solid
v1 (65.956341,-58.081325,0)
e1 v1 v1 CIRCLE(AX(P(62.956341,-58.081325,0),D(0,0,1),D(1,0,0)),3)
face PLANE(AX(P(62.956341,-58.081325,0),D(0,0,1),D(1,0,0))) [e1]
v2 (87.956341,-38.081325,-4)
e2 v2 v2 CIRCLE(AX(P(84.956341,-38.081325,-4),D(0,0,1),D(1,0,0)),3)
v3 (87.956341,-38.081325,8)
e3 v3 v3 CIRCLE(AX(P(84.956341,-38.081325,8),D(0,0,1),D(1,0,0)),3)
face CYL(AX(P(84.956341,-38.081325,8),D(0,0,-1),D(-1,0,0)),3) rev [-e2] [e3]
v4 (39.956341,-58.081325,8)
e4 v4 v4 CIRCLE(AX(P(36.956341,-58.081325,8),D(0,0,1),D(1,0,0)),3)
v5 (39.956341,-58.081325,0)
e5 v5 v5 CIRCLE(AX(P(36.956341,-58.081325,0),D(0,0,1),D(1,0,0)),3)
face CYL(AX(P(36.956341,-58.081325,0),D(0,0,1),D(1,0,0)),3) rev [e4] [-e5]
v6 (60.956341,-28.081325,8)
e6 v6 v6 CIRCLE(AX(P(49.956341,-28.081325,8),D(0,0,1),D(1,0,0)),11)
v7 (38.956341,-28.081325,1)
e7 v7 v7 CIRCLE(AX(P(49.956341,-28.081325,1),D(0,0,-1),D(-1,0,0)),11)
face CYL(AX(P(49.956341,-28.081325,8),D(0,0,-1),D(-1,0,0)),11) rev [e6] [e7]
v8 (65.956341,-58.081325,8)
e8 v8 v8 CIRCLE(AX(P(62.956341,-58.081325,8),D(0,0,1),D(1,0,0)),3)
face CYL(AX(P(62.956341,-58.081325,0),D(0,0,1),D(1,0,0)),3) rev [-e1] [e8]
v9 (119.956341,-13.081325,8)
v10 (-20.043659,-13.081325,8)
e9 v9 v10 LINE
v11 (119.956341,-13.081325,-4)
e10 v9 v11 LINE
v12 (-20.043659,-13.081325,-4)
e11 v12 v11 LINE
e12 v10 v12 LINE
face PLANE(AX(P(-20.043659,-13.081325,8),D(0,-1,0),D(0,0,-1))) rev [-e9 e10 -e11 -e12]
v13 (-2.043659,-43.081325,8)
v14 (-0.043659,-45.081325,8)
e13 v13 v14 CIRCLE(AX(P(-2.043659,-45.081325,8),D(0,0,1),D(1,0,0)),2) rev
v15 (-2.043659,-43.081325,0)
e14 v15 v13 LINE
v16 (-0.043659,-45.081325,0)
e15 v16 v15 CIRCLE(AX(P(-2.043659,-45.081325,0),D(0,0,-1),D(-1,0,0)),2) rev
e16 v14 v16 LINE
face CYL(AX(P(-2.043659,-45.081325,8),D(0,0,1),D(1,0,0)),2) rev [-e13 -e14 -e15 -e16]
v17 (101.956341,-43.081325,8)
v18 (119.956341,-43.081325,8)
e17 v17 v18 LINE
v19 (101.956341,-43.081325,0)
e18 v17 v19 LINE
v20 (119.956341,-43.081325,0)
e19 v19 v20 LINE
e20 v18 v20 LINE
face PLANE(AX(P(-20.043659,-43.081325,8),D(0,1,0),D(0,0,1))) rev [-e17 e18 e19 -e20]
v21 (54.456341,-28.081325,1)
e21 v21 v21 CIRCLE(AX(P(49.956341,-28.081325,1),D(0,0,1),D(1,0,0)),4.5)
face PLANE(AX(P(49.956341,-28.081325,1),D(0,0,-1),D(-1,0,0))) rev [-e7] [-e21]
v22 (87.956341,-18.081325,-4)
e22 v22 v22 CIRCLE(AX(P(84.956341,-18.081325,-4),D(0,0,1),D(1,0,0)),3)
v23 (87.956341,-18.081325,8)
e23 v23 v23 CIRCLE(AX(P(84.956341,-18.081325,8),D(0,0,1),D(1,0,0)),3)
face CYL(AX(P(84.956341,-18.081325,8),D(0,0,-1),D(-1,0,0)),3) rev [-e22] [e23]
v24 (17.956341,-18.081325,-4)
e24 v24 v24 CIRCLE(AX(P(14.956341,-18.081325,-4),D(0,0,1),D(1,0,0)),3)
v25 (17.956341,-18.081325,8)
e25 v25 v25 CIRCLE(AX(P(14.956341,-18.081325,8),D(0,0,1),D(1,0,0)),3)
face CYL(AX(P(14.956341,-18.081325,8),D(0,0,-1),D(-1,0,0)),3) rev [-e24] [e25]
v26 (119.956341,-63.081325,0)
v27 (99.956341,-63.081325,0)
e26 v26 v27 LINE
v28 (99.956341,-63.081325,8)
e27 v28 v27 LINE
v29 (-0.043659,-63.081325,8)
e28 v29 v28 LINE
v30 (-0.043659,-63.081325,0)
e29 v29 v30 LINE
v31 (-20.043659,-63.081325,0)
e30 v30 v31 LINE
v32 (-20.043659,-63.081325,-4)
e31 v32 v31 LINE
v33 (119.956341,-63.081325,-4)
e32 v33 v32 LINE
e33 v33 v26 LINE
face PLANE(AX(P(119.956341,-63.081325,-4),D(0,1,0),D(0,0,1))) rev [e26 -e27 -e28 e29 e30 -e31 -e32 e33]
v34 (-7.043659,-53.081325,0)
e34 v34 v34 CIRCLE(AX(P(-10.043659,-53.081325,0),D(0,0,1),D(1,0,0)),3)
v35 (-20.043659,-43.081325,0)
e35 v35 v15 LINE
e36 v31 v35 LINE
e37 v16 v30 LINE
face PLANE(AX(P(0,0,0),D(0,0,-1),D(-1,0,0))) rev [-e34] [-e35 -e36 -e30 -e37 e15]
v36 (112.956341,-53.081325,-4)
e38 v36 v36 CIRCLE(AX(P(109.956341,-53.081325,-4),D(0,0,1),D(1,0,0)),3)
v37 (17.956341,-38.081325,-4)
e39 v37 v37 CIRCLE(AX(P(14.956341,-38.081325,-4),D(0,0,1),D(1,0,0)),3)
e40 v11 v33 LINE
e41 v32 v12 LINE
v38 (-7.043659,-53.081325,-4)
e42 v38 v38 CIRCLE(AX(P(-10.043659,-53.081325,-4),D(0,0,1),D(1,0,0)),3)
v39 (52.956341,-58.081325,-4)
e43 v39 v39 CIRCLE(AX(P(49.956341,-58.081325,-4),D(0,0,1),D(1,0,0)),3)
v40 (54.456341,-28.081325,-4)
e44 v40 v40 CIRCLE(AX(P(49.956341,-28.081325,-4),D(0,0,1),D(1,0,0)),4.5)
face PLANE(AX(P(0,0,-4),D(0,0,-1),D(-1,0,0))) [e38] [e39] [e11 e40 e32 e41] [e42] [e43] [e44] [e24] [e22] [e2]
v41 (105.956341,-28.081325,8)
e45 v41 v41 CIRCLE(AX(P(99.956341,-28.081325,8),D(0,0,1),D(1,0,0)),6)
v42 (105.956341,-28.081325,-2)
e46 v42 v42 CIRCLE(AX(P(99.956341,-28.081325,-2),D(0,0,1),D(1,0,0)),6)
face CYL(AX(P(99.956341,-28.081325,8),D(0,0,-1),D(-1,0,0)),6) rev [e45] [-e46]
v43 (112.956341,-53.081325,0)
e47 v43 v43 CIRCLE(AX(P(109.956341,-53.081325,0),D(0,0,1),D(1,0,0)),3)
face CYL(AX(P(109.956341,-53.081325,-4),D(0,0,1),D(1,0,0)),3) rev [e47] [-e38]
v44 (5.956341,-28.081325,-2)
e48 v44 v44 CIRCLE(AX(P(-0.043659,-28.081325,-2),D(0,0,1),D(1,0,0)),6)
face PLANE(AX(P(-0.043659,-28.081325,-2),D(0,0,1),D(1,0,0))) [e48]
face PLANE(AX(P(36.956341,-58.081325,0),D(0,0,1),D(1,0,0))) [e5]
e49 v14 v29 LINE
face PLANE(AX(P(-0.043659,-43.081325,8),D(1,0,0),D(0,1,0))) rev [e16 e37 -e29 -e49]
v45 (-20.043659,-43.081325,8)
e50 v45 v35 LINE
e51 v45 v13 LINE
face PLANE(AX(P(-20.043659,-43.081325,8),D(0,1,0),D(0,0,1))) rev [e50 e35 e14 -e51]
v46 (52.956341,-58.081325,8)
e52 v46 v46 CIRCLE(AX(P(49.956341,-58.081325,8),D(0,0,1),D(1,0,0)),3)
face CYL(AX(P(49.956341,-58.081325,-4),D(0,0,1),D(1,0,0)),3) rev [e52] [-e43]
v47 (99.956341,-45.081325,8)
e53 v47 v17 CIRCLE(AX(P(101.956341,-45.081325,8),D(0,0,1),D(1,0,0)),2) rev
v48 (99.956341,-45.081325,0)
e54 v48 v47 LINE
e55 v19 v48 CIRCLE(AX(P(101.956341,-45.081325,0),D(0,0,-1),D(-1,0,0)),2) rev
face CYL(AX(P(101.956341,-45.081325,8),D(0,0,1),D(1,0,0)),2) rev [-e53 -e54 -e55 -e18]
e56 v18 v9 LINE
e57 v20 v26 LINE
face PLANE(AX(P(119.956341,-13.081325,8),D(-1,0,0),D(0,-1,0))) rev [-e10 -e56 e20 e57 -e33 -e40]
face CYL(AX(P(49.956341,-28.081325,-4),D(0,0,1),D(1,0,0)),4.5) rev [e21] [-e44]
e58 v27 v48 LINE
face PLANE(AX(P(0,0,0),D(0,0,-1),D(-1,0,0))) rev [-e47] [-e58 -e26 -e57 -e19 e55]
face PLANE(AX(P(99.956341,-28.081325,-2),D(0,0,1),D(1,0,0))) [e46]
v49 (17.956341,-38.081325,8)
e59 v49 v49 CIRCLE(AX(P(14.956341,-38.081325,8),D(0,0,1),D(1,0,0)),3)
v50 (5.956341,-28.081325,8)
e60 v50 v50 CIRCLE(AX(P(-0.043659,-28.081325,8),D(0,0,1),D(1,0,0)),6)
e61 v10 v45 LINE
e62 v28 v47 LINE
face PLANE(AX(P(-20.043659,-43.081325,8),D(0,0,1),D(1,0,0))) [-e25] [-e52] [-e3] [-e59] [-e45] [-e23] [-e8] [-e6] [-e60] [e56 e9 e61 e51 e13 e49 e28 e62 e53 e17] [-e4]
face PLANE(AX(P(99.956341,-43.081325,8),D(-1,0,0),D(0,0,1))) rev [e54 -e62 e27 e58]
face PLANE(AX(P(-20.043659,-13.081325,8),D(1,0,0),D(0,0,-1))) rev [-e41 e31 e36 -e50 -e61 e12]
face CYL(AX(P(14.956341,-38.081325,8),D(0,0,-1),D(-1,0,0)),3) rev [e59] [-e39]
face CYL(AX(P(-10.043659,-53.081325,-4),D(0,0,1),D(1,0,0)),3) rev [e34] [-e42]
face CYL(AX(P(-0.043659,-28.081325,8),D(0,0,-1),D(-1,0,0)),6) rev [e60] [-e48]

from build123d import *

# Parameters (mm, degrees)
ESQUISSE1_W             = 140
ESQUISSE1_H             = 30
ESQUISSE1_R             = 11
ESQUISSE1_R_2           = 6
ESQUISSE1_R_3           = 3
EXTRUSION1_DEPTH        = 8
ESQUISSE2_W             = 140
ESQUISSE2_H             = 50
BOSS_EXTRU_1_DEPTH      = 4
ESQUISSE3_R             = 3
ENL_V_MAT_EXTRU_1_DEPTH = 5
ESQUISSE4_R             = 11
ESQUISSE4_R_2           = 3
ENL_V_MAT_EXTRU_2_DEPTH = 5
ESQUISSE5_W             = 100
ESQUISSE5_H             = 20
BOSS_EXTRU_2_DEPTH      = 8
ESQUISSE6_R             = 3
ENL_V_MAT_EXTRU_3_DEPTH = 8
ESQUISSE7_R             = 11
BOSS_EXTRU_3_DEPTH      = 5
ESQUISSE8_R             = 4.5
ENL_V_MAT_EXTRU_4_DEPTH = 6
ESQUISSE9_R             = 6
ENL_V_MAT_EXTRU_5_DEPTH = 2
ESQUISSE10_R            = 3
ENL_V_MAT_EXTRU_6_DEPTH = 13
CONG_1_R                = 2
CONG_2_R                = 2


with BuildPart() as part:
    # Esquisse1 → Extrusion1 (new body)
    with BuildSketch(Plane.XY):
        with Locations((49.95634141, -28.081325038)):
            Rectangle(ESQUISSE1_W, ESQUISSE1_H)
        with Locations((49.95634141, -28.081325038)):
            Circle(ESQUISSE1_R, mode=Mode.SUBTRACT)
        with Locations((-0.04365859, -28.081325038)):
            Circle(ESQUISSE1_R_2, mode=Mode.SUBTRACT)
        with Locations((99.95634141, -28.081325038)):
            Circle(ESQUISSE1_R_2, mode=Mode.SUBTRACT)
        with Locations((14.95634141, -18.081325038)):
            Circle(ESQUISSE1_R_3, mode=Mode.SUBTRACT)
        with Locations((14.95634141, -38.081325038)):
            Circle(ESQUISSE1_R_3, mode=Mode.SUBTRACT)
        with Locations((84.95634141, -18.081325038)):
            Circle(ESQUISSE1_R_3, mode=Mode.SUBTRACT)
        with Locations((84.95634141, -38.081325038)):
            Circle(ESQUISSE1_R_3, mode=Mode.SUBTRACT)
    extrude(amount=EXTRUSION1_DEPTH)

    # Esquisse2 → Boss.-Extru.1 (add)
    with BuildSketch(Plane(origin=(0, 0, 0), x_dir=(-1, 0, 0), z_dir=(0, 0, -1))):
        with Locations((-49.95634141, -38.081325038)):
            Rectangle(ESQUISSE2_W, ESQUISSE2_H)
    extrude(amount=BOSS_EXTRU_1_DEPTH)

    # Esquisse3 → Enlèv. mat.-Extru.1 (cut, through all)
    with BuildSketch(Plane.XY):
        with Locations((-10.04365859, -53.081325038)):
            Circle(ESQUISSE3_R)
        with Locations((109.95634141, -53.081325038)):
            Circle(ESQUISSE3_R)
    extrude(amount=-ENL_V_MAT_EXTRU_1_DEPTH, mode=Mode.SUBTRACT)

    # Esquisse4 → Enlèv. mat.-Extru.2 (cut, through all)
    with BuildSketch(Plane.XY):
        with Locations((49.95634141, -28.081325038)):
            Circle(ESQUISSE4_R)
        with Locations((14.95634141, -18.081325038)):
            Circle(ESQUISSE4_R_2)
        with Locations((14.95634141, -38.081325038)):
            Circle(ESQUISSE4_R_2)
        with Locations((84.95634141, -18.081325038)):
            Circle(ESQUISSE4_R_2)
        with Locations((84.95634141, -38.081325038)):
            Circle(ESQUISSE4_R_2)
    extrude(amount=-ENL_V_MAT_EXTRU_2_DEPTH, mode=Mode.SUBTRACT)

    # Esquisse5 → Boss.-Extru.2 (add)
    with BuildSketch(Plane.XY):
        with Locations((49.95634141, -53.081325038)):
            Rectangle(ESQUISSE5_W, ESQUISSE5_H)
    extrude(amount=BOSS_EXTRU_2_DEPTH)

    # Esquisse6 → Enlèv. mat.-Extru.3 (cut)
    with BuildSketch(Plane.XY.offset(8)):
        with Locations((62.95634141, -58.081325038)):
            Circle(ESQUISSE6_R)
        with Locations((36.95634141, -58.081325038)):
            Circle(ESQUISSE6_R)
    extrude(amount=-ENL_V_MAT_EXTRU_3_DEPTH, mode=Mode.SUBTRACT)

    # Esquisse7 → Boss.-Extru.3 (add)
    with BuildSketch(Plane(origin=(0, 0, -4), x_dir=(-1, 0, 0), z_dir=(0, 0, -1))):
        with Locations((-49.95634141, -28.081325038)):
            Circle(ESQUISSE7_R)
    extrude(amount=-BOSS_EXTRU_3_DEPTH)

    # Esquisse8 → Enlèv. mat.-Extru.4 (cut, through all)
    with BuildSketch(Plane.XY.offset(1)):
        with Locations((49.95634141, -28.081325038)):
            Circle(ESQUISSE8_R)
    extrude(amount=-ENL_V_MAT_EXTRU_4_DEPTH, mode=Mode.SUBTRACT)

    # Esquisse9 → Enlèv. mat.-Extru.5 (cut)
    with BuildSketch(Plane.XY):
        with Locations((-0.04365859, -28.081325038)):
            Circle(ESQUISSE9_R)
        with Locations((99.95634141, -28.081325038)):
            Circle(ESQUISSE9_R)
    extrude(amount=-ENL_V_MAT_EXTRU_5_DEPTH, mode=Mode.SUBTRACT)

    # Esquisse10 → Enlèv. mat.-Extru.6 (cut, through all)
    with BuildSketch(Plane.XY.offset(8)):
        with Locations((49.95634141, -58.081325038)):
            Circle(ESQUISSE10_R)
    extrude(amount=-ENL_V_MAT_EXTRU_6_DEPTH, mode=Mode.SUBTRACT)

    # Congé1
    cong_1_edges = [part.edges().sort_by_distance(p)[0] for p in [
        (-0.04365859, -43.081325038, 4),
    ]]
    fillet(cong_1_edges, radius=CONG_1_R)

    # Congé2
    cong_2_edges = [part.edges().sort_by_distance(p)[0] for p in [
        (99.95634141, -43.081325038, 4),
    ]]
    fillet(cong_2_edges, radius=CONG_2_R)


solid = part.part
